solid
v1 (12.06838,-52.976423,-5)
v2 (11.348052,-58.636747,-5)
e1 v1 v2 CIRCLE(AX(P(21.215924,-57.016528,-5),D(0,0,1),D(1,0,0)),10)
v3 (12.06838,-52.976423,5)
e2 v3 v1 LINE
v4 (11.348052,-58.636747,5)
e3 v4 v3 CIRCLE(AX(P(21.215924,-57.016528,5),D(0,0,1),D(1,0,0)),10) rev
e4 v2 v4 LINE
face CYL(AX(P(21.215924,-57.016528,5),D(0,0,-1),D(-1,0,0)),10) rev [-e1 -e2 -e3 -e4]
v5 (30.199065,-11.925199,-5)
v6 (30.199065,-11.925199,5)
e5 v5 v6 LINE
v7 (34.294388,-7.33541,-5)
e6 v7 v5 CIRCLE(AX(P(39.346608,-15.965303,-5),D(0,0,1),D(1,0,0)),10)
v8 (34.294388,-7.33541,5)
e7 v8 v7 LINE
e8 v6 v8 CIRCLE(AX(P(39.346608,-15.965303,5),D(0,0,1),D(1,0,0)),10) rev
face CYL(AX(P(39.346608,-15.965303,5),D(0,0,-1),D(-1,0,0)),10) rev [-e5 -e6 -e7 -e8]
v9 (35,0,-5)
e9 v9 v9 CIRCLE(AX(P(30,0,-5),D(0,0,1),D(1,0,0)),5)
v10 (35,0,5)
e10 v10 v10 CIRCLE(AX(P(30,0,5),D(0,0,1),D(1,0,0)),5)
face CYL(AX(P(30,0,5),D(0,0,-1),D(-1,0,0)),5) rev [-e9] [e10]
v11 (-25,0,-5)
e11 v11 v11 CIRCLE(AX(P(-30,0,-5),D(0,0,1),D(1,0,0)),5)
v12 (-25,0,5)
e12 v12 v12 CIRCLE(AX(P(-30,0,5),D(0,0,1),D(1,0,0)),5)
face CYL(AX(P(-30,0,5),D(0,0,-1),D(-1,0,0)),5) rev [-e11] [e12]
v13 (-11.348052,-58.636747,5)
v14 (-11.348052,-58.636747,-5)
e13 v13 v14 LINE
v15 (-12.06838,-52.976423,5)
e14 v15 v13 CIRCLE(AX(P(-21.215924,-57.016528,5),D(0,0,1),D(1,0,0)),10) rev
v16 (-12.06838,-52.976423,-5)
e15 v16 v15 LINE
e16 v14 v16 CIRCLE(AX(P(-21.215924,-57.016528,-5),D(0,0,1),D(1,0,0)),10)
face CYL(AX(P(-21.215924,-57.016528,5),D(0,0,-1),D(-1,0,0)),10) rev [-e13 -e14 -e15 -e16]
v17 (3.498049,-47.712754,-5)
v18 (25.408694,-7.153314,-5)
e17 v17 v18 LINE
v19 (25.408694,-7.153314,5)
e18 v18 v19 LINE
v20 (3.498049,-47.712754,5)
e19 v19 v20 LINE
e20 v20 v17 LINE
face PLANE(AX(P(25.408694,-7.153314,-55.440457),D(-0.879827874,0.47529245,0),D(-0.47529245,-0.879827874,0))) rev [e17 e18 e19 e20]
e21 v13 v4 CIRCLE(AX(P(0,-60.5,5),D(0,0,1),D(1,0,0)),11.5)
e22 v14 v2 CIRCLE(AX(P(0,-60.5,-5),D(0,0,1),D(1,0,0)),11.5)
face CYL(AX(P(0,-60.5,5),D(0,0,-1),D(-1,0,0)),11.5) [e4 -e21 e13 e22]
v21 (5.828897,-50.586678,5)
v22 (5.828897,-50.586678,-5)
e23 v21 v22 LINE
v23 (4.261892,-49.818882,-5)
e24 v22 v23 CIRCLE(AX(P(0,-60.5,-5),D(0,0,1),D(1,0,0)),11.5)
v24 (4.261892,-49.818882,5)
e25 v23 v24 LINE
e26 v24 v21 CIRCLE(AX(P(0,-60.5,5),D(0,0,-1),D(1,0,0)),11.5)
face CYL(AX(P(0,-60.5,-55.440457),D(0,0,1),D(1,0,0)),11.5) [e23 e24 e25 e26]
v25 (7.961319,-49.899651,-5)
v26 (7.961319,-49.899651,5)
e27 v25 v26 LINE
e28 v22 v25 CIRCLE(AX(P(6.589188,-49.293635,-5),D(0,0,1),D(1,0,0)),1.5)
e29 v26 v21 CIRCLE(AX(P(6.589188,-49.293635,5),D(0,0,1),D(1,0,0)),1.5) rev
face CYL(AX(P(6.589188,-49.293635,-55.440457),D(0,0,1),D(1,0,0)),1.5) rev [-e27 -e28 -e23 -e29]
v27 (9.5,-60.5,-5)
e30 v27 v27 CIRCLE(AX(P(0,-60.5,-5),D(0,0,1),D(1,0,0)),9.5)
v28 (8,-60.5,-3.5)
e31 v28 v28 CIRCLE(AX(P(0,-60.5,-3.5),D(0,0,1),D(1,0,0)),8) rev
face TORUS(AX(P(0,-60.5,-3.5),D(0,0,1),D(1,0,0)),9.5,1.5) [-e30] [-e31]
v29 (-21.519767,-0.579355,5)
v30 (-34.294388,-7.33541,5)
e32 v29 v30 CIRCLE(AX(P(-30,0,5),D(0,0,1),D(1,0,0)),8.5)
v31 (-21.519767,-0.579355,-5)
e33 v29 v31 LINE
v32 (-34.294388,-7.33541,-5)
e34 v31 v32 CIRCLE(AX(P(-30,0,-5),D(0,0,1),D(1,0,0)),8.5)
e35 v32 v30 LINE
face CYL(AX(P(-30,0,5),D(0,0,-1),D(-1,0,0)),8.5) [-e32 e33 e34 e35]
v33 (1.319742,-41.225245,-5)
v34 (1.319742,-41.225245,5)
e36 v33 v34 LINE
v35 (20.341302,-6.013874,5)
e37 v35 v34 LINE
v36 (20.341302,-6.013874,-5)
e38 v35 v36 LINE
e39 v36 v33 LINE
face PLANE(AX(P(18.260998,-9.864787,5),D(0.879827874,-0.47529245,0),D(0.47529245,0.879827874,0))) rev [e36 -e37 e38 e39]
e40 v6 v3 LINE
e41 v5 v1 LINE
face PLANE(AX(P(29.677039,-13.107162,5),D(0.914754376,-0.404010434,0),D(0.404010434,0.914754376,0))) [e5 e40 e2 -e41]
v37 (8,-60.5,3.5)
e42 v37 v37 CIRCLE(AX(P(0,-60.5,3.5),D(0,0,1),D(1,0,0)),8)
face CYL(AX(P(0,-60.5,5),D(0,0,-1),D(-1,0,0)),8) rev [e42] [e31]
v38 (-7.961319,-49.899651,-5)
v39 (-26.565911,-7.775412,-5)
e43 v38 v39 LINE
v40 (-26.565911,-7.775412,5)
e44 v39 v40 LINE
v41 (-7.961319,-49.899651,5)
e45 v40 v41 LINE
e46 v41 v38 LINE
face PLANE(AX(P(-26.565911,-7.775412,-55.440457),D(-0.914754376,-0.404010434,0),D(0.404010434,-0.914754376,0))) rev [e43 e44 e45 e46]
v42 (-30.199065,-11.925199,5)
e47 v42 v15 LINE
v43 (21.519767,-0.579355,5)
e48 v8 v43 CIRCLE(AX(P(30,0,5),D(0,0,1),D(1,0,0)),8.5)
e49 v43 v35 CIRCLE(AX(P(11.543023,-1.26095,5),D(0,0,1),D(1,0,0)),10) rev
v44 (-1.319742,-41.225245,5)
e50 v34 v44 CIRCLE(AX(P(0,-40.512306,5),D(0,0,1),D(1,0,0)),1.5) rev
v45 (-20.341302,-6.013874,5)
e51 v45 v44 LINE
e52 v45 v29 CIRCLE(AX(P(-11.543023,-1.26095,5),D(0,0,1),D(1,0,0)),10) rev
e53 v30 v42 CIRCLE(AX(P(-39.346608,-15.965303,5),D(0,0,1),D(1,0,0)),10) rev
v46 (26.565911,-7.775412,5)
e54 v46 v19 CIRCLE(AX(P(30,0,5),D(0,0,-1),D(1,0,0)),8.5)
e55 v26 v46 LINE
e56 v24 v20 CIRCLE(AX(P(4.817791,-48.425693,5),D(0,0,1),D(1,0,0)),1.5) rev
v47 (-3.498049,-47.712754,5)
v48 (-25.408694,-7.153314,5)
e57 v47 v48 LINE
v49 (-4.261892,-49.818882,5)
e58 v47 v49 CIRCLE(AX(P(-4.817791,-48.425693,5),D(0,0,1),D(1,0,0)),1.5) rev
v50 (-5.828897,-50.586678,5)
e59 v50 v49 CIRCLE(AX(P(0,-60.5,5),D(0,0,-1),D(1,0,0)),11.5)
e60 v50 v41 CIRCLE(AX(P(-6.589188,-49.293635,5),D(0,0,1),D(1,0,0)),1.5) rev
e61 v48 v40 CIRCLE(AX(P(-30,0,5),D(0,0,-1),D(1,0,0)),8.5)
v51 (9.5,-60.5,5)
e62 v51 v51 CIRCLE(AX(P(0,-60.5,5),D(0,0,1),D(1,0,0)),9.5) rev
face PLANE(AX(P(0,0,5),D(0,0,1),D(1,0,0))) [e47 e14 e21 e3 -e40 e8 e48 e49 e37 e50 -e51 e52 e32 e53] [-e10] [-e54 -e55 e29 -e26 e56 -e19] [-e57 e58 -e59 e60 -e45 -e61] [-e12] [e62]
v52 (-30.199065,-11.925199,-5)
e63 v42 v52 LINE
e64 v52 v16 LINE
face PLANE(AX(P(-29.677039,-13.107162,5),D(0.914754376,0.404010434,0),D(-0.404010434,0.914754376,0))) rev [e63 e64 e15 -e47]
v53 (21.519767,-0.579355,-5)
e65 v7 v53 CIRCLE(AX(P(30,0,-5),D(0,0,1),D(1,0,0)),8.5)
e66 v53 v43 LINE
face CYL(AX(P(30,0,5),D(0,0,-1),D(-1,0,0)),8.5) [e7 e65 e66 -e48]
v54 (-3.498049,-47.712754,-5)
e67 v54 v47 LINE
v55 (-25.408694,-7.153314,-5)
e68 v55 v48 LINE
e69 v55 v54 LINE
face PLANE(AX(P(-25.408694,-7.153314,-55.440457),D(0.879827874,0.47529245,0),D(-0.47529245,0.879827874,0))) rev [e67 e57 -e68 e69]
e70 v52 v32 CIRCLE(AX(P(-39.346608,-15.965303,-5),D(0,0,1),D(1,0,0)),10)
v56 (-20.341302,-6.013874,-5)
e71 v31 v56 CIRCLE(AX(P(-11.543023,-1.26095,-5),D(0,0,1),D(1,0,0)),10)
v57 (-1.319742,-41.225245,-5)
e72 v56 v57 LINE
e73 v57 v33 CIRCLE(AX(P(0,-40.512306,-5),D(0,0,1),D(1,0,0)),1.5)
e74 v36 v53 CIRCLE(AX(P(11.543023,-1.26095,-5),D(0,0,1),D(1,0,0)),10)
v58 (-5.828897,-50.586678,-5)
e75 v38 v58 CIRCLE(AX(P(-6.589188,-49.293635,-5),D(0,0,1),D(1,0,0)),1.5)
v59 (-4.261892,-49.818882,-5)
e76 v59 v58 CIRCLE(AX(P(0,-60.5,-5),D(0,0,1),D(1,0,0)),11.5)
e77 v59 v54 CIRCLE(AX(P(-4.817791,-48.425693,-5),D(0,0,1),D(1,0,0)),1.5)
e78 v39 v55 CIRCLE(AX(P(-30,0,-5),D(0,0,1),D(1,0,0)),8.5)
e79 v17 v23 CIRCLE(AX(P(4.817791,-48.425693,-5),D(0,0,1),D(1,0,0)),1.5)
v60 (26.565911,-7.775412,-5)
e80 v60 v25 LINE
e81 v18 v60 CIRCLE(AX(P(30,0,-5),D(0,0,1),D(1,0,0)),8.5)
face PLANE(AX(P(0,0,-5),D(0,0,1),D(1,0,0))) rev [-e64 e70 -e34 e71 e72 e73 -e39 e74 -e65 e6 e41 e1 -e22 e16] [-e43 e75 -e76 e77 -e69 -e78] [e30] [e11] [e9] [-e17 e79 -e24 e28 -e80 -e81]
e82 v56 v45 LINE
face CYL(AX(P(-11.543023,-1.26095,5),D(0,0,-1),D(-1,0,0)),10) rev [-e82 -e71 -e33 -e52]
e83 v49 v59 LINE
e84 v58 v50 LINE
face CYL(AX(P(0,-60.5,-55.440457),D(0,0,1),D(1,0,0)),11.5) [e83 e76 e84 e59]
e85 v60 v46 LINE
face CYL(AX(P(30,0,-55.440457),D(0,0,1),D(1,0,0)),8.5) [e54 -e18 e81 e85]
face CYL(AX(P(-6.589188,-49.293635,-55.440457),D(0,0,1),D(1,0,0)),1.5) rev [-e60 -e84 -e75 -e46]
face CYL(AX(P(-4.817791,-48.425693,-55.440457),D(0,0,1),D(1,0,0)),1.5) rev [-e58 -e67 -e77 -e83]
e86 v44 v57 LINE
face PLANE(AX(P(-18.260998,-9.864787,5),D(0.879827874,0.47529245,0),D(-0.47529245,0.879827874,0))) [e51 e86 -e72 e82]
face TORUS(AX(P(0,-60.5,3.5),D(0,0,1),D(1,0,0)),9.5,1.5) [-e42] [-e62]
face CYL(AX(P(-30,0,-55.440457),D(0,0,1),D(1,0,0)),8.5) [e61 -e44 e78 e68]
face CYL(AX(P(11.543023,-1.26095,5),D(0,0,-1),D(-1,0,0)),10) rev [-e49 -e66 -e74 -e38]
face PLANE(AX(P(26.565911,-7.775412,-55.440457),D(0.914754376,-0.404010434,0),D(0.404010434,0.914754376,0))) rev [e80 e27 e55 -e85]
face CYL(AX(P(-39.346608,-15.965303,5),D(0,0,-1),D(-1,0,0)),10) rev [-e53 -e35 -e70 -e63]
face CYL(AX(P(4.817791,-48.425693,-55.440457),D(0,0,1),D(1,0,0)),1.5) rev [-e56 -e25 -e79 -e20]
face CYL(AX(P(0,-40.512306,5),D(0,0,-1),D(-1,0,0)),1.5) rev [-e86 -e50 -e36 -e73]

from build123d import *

# Parameters (mm, degrees)
SCHIZZO1_R                   = 5
SCHIZZO1_R_2                 = 8
ESTRUSIONE_ESTRUSIONE1_DEPTH = 5
RACCORDO1_R                  = 10
TAGLIO_ESTRUSIONE1_DEPTH     = 10
RACCORDO2_R                  = 1.5


with BuildPart() as part:
    # Schizzo1 → Estrusione-Estrusione1 (new body, symmetric)
    with BuildSketch(Plane.XY):
        with BuildLine():
            Line((-31.796659285, -8.307948929), (-10.655708964, -56.174972085))
            ThreePointArc((-10.655708964, -56.174972085), (0, -72), (10.655708964, -56.174972085))
            Line((10.655708964, -56.174972085), (31.796659285, -8.307948929))
            ThreePointArc((31.796659285, -8.307948929), (34.104135411, 7.443525544), (22.015418218, -2.914867709))
            Line((22.015418218, -2.914867709), (0, -43.668257767))
            Line((0, -43.668257767), (-22.015418218, -2.914867709))
            ThreePointArc((-22.015418218, -2.914867709), (-34.104135411, 7.443525544), (-31.796659285, -8.307948929))
        make_face()
        with Locations((-30, 0)):
            Circle(SCHIZZO1_R, mode=Mode.SUBTRACT)
        with Locations((30, 0)):
            Circle(SCHIZZO1_R, mode=Mode.SUBTRACT)
        with Locations((0, -60.5)):
            Circle(SCHIZZO1_R_2, mode=Mode.SUBTRACT)
    extrude(amount=ESTRUSIONE_ESTRUSIONE1_DEPTH, both=True)

    # Raccordo1
    raccordo1_edges = [part.edges().sort_by_distance(p)[0] for p in [
        (22.015418218, -2.914867709, 0),
        (31.796659285, -8.307948929, 0),
        (10.655708964, -56.174972085, 0),
        (-10.655708964, -56.174972085, 0),
        (-31.796659285, -8.307948929, 0),
        (-22.015418218, -2.914867709, 0),
    ]]
    fillet(raccordo1_edges, radius=RACCORDO1_R)

    # Schizzo2 → Taglio-Estrusione1 (cut)
    with BuildSketch(Plane.XY.offset(5)):
        with BuildLine():
            Line((-26.565911307, -7.775412198), (-7.229506839, -51.556609655))
            ThreePointArc((-7.229506839, -51.556609655), (-5.059978512, -50.173015084), (-2.637118885, -49.306448107))
            Line((-2.637118885, -49.306448107), (-25.408693659, -7.153314343))
            ThreePointArc((-25.408693659, -7.153314343), (-25.975264878, -7.486755452), (-26.565911307, -7.775412198))
        make_face()
        with BuildLine():
            Line((25.408693659, -7.153314343), (2.637118885, -49.306448107))
            ThreePointArc((2.637118885, -49.306448107), (5.059978512, -50.173015084), (7.229506839, -51.556609655))
            Line((7.229506839, -51.556609655), (26.565911307, -7.775412198))
            ThreePointArc((26.565911307, -7.775412198), (25.975264878, -7.486755452), (25.408693659, -7.153314343))
        make_face()
    extrude(amount=-TAGLIO_ESTRUSIONE1_DEPTH, mode=Mode.SUBTRACT)

    # Raccordo2
    raccordo2_edges = [part.edges().sort_by_distance(p)[0] for p in [
        (-8, -60.5, -5),
        (0, -43.668257767, 0),
        (-8, -60.5, 5),
        (7.229506839, -51.556609655, 0),
        (2.637118885, -49.306448107, 0),
        (-2.637118885, -49.306448107, 0),
        (-7.229506839, -51.556609655, 0),
    ]]
    fillet(raccordo2_edges, radius=RACCORDO2_R)


solid = part.part
